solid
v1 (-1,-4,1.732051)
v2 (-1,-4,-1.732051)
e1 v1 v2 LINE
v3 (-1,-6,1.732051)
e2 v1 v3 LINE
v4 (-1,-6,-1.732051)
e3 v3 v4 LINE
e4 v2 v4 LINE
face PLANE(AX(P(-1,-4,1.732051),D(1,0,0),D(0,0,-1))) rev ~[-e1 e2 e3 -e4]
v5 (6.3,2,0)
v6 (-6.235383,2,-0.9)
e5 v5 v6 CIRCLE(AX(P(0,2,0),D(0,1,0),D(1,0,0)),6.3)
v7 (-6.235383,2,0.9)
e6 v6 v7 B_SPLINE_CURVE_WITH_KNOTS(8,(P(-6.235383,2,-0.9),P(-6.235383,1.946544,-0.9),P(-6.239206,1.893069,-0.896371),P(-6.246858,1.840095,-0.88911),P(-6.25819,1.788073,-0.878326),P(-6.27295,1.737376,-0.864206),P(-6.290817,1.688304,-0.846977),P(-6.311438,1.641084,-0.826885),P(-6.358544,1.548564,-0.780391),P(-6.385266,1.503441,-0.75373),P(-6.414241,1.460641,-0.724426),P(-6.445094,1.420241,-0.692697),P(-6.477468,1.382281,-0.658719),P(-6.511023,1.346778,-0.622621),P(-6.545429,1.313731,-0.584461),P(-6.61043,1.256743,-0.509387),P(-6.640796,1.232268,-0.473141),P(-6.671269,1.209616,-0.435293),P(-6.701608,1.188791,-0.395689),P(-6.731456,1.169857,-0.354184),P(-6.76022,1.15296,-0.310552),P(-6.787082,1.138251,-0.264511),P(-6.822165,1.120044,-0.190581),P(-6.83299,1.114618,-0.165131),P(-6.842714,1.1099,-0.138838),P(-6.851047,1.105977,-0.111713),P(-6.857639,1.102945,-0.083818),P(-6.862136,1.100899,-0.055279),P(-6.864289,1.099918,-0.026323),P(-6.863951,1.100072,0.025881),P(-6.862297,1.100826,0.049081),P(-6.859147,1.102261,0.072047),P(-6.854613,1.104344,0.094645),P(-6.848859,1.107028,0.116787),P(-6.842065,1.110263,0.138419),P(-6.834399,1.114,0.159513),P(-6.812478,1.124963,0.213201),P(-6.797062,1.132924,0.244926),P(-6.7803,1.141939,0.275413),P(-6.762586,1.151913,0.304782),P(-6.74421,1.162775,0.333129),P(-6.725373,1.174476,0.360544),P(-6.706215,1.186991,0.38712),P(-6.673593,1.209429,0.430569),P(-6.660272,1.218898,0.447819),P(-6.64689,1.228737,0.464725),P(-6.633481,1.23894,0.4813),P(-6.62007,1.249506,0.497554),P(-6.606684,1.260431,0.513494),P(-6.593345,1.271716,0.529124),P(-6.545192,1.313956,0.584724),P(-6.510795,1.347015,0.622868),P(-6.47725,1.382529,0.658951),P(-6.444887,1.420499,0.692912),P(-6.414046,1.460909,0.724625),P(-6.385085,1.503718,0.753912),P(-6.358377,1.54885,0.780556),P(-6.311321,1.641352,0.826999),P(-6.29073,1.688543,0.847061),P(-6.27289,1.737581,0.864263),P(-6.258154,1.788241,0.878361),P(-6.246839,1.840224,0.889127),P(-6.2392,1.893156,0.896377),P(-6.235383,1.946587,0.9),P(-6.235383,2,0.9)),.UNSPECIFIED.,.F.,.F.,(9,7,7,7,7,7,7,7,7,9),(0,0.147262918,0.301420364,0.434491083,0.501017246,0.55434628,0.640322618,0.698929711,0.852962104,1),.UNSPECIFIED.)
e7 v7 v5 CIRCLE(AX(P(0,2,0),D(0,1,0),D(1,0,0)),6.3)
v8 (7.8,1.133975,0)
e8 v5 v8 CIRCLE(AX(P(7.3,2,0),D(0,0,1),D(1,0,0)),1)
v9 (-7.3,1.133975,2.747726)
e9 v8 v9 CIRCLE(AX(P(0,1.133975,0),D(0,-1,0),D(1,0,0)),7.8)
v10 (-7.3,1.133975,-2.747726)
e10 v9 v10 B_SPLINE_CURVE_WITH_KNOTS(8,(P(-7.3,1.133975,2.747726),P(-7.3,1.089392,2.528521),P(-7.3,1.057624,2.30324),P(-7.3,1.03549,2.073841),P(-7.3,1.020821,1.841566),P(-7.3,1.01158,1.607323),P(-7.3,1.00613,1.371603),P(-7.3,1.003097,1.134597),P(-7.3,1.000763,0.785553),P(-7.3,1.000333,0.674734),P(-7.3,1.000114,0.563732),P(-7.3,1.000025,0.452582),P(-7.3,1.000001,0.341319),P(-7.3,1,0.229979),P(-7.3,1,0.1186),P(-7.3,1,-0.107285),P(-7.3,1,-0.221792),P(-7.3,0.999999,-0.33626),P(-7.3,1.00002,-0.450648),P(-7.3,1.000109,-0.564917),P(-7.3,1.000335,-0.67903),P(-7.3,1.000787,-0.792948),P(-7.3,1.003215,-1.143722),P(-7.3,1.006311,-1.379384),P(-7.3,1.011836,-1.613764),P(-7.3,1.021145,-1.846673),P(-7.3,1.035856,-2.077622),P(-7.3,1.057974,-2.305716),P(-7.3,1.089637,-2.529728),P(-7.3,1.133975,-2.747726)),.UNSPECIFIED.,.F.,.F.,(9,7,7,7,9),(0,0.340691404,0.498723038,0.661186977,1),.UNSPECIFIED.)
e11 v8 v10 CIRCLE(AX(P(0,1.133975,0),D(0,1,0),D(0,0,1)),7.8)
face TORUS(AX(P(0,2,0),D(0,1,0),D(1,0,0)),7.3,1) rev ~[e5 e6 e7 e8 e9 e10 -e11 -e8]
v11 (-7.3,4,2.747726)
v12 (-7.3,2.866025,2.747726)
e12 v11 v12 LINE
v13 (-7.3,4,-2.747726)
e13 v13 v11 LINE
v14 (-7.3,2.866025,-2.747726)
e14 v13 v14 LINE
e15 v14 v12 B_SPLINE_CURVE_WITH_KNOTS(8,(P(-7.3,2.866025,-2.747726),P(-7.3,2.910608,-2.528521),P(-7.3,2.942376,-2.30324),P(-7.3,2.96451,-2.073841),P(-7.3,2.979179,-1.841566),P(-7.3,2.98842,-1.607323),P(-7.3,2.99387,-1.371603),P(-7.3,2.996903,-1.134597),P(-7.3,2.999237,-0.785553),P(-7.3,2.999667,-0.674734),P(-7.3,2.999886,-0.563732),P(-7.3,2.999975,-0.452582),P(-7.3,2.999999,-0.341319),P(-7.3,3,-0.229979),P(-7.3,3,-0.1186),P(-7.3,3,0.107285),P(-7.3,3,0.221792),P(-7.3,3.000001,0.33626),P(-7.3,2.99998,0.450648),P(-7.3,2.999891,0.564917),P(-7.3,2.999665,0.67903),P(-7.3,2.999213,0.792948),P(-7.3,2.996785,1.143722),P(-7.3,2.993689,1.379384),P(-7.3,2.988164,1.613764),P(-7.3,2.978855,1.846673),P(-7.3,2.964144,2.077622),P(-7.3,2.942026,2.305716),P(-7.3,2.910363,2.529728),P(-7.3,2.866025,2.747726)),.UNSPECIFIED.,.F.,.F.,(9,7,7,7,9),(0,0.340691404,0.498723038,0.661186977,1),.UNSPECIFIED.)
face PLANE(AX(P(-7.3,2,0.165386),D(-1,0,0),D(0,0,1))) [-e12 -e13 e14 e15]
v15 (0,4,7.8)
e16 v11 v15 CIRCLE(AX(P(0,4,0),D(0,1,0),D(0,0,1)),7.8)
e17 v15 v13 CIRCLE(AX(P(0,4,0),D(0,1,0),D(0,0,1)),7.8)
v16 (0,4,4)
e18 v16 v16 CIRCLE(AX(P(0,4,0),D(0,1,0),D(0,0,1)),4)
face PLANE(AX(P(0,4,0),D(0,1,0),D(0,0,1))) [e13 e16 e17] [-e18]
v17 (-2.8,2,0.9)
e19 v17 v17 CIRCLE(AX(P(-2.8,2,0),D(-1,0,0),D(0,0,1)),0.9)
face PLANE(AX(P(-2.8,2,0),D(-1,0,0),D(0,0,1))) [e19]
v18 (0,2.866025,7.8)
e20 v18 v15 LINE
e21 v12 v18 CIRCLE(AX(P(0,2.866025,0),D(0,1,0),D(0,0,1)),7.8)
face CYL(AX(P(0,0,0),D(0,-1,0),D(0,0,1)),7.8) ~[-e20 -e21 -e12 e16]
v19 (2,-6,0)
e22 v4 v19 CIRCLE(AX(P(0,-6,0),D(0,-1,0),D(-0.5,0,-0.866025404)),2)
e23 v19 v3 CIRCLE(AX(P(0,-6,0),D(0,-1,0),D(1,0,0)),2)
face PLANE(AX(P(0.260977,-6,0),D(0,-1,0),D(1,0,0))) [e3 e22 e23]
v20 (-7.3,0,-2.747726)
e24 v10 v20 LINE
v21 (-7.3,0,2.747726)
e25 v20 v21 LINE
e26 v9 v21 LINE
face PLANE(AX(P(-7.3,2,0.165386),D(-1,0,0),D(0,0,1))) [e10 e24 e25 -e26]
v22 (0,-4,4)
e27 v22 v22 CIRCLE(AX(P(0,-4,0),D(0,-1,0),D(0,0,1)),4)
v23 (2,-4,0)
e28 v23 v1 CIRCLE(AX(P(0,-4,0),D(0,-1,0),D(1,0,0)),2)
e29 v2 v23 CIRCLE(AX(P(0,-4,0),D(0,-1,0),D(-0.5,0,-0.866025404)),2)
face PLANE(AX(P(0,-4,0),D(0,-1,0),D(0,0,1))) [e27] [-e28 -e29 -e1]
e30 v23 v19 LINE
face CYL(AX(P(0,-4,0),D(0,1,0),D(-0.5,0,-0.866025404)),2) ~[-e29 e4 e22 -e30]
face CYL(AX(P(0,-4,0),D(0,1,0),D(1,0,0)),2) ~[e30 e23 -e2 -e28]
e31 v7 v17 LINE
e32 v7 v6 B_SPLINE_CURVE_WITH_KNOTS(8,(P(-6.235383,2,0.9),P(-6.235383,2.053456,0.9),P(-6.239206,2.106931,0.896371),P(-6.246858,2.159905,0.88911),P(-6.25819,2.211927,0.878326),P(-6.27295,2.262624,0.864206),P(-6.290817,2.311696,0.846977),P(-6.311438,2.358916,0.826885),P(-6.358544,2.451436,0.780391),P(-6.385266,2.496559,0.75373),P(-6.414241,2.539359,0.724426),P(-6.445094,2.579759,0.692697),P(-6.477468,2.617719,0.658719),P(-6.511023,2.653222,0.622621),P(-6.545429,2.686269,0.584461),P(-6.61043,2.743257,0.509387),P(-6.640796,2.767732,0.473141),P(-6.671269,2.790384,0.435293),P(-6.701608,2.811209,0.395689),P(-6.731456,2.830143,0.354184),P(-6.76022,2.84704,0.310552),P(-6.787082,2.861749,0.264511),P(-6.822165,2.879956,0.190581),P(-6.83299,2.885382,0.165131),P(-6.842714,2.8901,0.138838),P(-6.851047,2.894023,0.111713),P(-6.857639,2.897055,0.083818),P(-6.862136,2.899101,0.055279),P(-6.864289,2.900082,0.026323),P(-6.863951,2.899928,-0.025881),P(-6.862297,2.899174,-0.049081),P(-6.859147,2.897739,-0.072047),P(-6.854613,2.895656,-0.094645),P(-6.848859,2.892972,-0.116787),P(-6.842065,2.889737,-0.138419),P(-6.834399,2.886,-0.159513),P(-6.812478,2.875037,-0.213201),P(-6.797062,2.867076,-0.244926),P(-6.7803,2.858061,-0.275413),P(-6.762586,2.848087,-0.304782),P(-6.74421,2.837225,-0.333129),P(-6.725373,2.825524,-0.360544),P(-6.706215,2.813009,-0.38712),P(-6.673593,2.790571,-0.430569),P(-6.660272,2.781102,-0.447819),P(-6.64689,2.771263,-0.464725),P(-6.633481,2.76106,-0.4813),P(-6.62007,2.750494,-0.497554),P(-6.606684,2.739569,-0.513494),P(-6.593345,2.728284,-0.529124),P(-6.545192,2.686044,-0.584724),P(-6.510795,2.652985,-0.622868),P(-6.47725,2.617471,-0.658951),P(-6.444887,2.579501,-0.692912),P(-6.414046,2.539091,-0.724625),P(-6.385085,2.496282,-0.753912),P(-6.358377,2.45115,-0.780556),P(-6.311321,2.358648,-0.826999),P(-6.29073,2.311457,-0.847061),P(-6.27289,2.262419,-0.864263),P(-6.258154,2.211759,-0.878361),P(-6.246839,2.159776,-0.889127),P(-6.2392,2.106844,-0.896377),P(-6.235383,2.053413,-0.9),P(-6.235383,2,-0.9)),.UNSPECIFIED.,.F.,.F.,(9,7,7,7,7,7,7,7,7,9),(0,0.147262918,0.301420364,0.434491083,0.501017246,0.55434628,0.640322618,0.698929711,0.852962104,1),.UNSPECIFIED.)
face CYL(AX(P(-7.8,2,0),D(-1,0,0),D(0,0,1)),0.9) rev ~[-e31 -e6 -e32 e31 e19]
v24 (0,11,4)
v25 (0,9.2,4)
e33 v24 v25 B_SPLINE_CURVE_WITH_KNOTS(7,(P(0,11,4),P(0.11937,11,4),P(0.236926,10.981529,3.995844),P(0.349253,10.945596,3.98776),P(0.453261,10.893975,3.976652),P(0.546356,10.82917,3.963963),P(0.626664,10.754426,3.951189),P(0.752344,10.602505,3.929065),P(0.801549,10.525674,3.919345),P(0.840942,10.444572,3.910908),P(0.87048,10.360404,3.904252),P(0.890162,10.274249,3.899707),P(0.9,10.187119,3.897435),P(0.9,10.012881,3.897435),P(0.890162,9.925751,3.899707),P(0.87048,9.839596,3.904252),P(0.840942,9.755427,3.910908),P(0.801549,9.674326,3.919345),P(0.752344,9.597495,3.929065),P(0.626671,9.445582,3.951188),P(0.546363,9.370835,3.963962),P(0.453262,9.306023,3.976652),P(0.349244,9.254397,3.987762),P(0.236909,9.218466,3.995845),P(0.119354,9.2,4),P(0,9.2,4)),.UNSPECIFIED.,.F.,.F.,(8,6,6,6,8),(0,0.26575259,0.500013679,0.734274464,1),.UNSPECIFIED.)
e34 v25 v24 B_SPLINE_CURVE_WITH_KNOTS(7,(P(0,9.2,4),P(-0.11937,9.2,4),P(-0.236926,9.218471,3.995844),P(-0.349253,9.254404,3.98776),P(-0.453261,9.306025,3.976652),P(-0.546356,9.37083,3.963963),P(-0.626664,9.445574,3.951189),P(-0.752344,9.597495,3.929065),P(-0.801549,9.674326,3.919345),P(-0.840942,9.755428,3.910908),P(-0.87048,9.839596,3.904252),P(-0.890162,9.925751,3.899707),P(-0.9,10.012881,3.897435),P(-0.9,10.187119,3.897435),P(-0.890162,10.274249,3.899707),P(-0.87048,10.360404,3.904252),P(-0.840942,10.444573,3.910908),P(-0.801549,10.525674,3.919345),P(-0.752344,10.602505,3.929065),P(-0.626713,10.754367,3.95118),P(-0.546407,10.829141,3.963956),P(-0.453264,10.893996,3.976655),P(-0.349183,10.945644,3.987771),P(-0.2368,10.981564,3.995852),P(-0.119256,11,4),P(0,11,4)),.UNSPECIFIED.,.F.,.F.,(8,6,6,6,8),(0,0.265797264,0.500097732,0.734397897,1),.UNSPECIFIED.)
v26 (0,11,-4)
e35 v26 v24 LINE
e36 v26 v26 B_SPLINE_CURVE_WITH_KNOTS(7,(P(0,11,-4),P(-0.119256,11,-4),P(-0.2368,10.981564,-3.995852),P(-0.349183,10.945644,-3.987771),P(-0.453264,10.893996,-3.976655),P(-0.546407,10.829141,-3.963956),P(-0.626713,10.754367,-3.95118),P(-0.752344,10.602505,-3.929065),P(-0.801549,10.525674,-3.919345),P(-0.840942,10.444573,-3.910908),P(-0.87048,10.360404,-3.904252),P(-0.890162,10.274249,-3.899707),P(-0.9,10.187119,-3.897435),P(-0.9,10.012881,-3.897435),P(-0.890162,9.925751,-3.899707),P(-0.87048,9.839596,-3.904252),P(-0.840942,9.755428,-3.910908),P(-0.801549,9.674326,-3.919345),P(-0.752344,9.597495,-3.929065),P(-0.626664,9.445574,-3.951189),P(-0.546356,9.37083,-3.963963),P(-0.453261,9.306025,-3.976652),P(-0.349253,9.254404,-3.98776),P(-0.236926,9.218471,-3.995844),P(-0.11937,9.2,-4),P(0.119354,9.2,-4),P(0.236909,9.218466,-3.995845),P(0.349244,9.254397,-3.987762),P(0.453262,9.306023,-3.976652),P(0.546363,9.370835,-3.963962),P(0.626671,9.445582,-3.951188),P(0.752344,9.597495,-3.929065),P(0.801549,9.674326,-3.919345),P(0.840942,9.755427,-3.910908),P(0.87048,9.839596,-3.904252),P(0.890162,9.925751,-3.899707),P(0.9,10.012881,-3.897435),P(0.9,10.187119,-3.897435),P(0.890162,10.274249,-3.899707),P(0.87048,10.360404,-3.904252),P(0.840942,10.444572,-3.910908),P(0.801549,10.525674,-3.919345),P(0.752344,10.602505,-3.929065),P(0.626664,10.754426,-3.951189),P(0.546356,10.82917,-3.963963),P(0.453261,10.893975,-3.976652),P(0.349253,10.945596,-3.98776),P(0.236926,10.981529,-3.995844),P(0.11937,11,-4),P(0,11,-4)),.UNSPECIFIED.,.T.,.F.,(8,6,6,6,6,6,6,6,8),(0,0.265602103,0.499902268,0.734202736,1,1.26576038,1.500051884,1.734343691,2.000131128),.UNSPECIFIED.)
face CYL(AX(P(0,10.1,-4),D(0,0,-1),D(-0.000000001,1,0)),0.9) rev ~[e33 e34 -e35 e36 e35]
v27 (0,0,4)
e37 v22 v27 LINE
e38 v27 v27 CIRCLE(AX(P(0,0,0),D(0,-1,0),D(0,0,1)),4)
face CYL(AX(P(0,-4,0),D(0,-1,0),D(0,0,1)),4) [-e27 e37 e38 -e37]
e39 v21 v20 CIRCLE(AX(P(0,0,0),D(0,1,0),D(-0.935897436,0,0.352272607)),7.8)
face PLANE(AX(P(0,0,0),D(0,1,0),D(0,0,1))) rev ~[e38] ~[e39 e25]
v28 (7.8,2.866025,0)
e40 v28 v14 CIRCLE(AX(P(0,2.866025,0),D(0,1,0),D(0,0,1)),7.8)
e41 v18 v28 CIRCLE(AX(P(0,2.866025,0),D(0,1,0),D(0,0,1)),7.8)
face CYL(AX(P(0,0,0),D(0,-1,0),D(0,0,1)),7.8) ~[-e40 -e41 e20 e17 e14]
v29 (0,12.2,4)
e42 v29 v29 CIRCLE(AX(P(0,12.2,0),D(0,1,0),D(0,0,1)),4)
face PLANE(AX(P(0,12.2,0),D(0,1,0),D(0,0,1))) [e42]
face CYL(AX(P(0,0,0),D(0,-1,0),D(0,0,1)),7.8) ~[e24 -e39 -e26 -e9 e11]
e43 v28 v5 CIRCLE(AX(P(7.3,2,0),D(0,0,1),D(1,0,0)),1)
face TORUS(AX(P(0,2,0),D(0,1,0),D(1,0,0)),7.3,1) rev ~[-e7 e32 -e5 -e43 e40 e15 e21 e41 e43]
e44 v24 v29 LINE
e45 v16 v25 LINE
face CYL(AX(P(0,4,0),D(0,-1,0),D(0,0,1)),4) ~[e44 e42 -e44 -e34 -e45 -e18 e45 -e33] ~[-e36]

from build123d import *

# Parameters (mm, degrees)
SKETCH_1_R          = 7.8
EXTRUDE_1_DEPTH     = 4
SKETCH_2_R          = 4
EXTRUDE_2_DEPTH     = 8.2
SWEEP_1_PROFILE_R   = 1
SKETCH_10_R         = 0.9
CUT_EXTRUDE_3_DEPTH = 19.679400419
EXTRUDE_START       = 4
SKETCH_12_R         = 4
EXTRUDE_3_DEPTH     = 4
EXTRUDE_4_DEPTH     = 2
SKETCH_14_R         = 0.9
CUT_EXTRUDE_4_DEPTH = 5
SKETCH_15_W         = 7.770297698
SKETCH_15_H         = 4
CUT_EXTRUDE_5_DEPTH = 0.5


with BuildPart() as part:
    # 草图1 → 凸台-拉伸1 (new body)
    with BuildSketch(Plane(origin=(0, 0, 0), x_dir=(1, 0, 0), z_dir=(0, 1, 0))):
        with Locations(Location((0, 0, 0), (0, 0, 270))):
            Circle(SKETCH_1_R)
    extrude(amount=EXTRUDE_1_DEPTH)

    # 草图2 → 凸台-拉伸2 (add)
    with BuildSketch(Plane(origin=(0, 4, 0), x_dir=(1, 0, 0), z_dir=(0, 1, 0))):
        with Locations(Location((0, 0, 0), (0, 0, 270))):
            Circle(SKETCH_2_R)
    extrude(amount=EXTRUDE_2_DEPTH)

    # 切除-扫描1: sweep along a path in 草图5
    with BuildLine(Plane(origin=(0, 2, 0), x_dir=(1, 0, 0), z_dir=(0, 1, 0))) as sweep_1_path:
        CenterArc((0, 0), 7.3, 0, 360)
    # 切除-扫描1 profile (on start of the path) → 切除-扫描1 (sweep, cut)
    with BuildSketch(Plane(origin=(7.3, 2, 0), x_dir=(-1, 0, 0), z_dir=(0, 0, -1))):
        Circle(SWEEP_1_PROFILE_R)
    sweep(path=sweep_1_path.line, mode=Mode.SUBTRACT)

    # 草图10 → 切除-拉伸3 (cut, through all)
    with BuildSketch(Plane(origin=(0, 0, -4), x_dir=(-1, 0, 0), z_dir=(0, 0, -1))):
        with Locations(Location((0, 10.1, 0), (0, 0, 89.999999955))):
            Circle(SKETCH_10_R)
    extrude(amount=-CUT_EXTRUDE_3_DEPTH, mode=Mode.SUBTRACT)

    # 草图12 → 凸台-拉伸3 (add)
    with BuildSketch(Plane.XZ.offset(EXTRUDE_START)):
        with Locations(Location((0, 0, 0), (0, 0, 90))):
            Circle(SKETCH_12_R)
    extrude(amount=-EXTRUDE_3_DEPTH)

    # 草图13 → 凸台-拉伸4 (add)
    with BuildSketch(Plane.XZ.offset(4)):
        with BuildLine():
            ThreePointArc((2, 0), (1, 1.732050808), (-1, 1.732050808))
            Line((-1, 1.732050808), (-1, -1.732050808))
            ThreePointArc((-1, -1.732050808), (1, -1.732050808), (2, 0))
        make_face()
    extrude(amount=EXTRUDE_4_DEPTH)

    # 草图14 → 切除-拉伸4 (cut)
    with BuildSketch(Plane.ZY.offset(7.8)):
        with Locations((0, 2)):
            Circle(SKETCH_14_R)
    extrude(amount=-CUT_EXTRUDE_4_DEPTH, mode=Mode.SUBTRACT)

    # 草图15 → 切除-拉伸5 (cut)
    with BuildSketch(Plane.ZY.offset(7.8)):
        with Locations((0.165386451, 2)):
            Rectangle(SKETCH_15_W, SKETCH_15_H)
    extrude(amount=-CUT_EXTRUDE_5_DEPTH, mode=Mode.SUBTRACT)


solid = part.part
